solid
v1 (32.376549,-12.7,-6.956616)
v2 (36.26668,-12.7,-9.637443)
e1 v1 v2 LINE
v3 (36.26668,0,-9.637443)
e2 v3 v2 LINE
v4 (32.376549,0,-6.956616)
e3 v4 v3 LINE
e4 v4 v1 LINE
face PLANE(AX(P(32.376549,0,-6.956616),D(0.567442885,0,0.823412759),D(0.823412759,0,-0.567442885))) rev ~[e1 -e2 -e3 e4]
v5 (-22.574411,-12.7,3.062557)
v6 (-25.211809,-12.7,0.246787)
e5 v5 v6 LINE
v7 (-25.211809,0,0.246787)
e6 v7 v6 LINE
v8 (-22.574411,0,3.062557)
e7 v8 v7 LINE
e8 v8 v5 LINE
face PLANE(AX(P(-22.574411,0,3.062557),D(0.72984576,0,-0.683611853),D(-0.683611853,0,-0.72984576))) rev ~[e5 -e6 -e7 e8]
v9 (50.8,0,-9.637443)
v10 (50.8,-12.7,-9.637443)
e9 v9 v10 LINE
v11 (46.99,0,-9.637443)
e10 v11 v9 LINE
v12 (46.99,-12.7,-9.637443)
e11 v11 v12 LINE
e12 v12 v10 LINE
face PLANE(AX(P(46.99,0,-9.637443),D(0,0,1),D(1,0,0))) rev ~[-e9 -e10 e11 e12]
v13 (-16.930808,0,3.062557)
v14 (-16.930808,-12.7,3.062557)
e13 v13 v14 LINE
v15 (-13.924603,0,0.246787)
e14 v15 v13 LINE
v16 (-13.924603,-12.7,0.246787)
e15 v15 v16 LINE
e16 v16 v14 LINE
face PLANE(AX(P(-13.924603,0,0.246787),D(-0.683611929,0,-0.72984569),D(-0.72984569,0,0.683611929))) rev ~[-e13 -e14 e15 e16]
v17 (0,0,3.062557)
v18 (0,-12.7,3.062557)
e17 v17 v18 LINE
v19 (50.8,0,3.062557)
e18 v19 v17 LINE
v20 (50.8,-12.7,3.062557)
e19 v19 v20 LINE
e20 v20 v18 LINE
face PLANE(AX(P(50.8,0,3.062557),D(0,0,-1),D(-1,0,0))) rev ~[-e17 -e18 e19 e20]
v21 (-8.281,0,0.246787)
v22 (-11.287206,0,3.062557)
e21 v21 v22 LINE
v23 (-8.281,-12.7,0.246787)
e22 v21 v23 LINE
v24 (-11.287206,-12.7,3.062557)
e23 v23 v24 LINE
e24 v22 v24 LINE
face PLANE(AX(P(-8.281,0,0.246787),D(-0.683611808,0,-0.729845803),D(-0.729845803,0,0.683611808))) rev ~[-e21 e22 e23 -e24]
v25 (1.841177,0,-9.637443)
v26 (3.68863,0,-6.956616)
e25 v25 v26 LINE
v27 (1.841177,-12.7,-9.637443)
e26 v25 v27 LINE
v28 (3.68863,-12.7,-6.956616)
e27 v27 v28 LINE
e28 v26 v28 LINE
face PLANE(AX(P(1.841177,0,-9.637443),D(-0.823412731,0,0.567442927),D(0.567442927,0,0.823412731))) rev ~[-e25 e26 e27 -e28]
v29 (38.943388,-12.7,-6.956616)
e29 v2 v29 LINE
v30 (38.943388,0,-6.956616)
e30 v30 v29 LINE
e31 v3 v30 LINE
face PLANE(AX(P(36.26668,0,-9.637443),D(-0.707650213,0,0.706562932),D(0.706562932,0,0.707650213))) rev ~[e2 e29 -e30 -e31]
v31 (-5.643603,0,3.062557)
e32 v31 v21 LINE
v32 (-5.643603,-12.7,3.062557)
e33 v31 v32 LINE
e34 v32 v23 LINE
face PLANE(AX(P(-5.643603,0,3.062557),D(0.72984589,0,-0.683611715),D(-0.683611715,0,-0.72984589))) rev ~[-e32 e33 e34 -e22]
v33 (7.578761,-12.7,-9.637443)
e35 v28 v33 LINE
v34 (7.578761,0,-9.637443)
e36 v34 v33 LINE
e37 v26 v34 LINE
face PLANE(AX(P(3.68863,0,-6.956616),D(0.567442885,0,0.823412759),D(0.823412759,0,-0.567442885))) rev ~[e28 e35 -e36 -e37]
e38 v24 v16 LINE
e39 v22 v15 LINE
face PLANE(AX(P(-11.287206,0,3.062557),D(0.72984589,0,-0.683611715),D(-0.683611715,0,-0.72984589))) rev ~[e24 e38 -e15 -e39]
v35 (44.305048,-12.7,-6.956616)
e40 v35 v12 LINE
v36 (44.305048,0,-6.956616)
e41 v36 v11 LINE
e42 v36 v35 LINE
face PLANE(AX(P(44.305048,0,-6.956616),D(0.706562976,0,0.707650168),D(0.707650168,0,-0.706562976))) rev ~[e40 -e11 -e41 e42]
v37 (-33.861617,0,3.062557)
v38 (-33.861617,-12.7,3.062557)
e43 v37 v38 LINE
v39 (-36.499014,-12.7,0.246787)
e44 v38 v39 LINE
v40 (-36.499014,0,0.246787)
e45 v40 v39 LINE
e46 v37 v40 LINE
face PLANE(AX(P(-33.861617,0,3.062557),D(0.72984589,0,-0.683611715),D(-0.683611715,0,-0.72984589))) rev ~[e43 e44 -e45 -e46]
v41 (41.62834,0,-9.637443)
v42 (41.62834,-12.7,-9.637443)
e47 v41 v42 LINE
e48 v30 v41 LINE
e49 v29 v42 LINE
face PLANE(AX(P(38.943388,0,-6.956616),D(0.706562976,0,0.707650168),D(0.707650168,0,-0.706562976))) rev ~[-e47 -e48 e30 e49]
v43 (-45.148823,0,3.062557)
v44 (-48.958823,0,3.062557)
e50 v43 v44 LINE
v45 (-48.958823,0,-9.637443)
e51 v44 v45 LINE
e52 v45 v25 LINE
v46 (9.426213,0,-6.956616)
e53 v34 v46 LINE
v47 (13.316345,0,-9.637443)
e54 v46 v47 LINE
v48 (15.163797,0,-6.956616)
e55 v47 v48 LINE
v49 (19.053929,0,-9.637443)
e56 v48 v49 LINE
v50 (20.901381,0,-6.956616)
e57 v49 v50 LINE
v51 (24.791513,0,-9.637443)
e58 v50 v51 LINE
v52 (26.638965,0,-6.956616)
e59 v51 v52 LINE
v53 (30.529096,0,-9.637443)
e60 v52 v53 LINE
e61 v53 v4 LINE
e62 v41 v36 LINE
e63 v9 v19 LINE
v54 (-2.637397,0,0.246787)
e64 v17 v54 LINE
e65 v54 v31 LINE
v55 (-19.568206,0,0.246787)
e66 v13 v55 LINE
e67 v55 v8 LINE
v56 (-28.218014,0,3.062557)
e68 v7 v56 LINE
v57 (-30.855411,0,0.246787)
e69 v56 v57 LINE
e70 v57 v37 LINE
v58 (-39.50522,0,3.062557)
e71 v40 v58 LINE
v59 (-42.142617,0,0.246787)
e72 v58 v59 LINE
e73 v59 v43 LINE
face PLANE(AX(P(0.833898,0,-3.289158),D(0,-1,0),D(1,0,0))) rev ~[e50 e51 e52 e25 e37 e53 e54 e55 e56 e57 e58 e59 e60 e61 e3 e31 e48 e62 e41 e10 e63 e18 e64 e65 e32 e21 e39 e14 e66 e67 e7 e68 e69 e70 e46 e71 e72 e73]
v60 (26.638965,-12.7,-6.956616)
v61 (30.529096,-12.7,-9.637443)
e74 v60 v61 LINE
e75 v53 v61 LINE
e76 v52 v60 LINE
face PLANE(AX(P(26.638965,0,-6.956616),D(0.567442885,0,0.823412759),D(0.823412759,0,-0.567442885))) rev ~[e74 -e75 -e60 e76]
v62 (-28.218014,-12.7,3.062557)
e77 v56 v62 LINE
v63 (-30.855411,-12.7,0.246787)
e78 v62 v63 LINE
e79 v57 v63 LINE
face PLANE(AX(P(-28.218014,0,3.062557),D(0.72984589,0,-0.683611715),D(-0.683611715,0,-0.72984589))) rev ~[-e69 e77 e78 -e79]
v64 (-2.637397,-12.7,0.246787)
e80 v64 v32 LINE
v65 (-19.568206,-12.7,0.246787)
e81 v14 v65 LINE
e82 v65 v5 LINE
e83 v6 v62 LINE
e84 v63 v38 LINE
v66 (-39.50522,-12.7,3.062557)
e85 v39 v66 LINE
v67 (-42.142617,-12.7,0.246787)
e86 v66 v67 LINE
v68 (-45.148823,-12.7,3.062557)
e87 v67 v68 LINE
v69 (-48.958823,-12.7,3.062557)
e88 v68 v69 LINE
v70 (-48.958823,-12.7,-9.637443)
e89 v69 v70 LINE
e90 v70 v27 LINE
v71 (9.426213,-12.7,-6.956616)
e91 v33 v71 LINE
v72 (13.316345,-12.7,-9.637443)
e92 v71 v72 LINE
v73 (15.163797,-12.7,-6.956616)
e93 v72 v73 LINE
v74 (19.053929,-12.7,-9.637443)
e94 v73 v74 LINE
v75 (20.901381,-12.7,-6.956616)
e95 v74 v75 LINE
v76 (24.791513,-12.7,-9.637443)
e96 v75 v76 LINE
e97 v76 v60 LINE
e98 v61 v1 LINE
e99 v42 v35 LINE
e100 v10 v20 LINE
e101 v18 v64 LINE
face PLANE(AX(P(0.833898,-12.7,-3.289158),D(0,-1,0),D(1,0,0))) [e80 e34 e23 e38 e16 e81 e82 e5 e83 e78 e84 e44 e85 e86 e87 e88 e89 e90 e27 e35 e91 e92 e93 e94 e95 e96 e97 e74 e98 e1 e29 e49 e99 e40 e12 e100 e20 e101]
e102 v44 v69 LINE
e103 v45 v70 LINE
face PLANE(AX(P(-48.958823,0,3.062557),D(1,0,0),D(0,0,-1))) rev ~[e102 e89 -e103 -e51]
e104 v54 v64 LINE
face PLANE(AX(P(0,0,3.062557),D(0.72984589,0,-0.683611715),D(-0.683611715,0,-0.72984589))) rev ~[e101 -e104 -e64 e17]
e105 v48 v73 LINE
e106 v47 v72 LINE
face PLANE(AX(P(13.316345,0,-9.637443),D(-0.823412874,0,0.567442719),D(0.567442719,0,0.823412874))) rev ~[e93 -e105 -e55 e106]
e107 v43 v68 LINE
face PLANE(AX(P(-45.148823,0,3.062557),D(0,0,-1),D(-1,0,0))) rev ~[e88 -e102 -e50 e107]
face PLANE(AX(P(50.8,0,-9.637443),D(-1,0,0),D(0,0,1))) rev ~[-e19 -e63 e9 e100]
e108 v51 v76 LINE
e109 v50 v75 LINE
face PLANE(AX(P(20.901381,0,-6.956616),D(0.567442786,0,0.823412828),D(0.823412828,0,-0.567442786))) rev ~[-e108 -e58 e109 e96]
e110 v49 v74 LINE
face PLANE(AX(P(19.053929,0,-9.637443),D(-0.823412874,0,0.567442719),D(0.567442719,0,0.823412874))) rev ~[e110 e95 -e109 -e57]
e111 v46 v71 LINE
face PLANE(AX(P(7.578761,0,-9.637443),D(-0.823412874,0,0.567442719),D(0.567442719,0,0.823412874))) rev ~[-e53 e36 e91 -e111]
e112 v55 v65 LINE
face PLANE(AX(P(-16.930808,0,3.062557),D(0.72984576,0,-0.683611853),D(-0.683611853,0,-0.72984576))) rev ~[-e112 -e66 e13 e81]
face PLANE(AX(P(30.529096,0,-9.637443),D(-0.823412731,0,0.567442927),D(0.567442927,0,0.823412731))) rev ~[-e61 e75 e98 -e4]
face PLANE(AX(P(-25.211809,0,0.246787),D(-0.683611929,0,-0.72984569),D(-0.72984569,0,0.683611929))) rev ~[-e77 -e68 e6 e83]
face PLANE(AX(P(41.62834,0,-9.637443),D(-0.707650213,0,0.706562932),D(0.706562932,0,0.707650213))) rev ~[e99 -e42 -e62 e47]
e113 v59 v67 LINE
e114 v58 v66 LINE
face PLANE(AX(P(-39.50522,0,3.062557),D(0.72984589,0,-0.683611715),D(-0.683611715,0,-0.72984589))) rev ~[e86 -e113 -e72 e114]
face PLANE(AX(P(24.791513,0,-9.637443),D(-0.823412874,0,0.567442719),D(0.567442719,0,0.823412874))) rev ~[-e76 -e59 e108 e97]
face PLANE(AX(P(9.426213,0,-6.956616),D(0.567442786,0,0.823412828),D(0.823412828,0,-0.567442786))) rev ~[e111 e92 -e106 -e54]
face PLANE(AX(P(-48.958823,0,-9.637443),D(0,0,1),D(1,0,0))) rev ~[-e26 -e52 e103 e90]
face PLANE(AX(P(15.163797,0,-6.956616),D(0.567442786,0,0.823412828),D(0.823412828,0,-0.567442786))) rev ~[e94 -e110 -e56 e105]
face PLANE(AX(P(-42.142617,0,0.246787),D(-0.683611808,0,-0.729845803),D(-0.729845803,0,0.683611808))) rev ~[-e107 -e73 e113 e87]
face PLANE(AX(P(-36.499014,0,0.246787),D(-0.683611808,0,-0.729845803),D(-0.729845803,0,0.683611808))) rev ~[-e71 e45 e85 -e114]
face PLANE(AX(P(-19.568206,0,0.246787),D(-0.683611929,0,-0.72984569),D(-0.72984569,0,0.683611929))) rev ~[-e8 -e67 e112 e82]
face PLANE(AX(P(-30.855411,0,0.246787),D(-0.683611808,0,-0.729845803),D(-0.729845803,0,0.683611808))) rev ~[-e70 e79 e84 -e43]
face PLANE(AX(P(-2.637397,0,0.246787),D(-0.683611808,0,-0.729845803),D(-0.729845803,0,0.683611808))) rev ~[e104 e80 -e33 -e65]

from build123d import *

# Parameters (mm, degrees)
F1_DEPTH = 12.7


with BuildPart() as f1:
    # F0 (on Front) → F1 (new body)
    with BuildSketch(Plane.XZ):
        Polygon((50.8, 3.062557), (0, 3.062557), (-2.637397, 0.246787), (-5.643603, 3.062557), (-8.281, 0.246787), (-11.287206, 3.062557), (-13.924603, 0.246787), (-16.930808, 3.062557), (-19.568206, 0.246787), (-22.574411, 3.062557), (-25.211809, 0.246787), (-28.218014, 3.062557), (-30.855411, 0.246787), (-33.861617, 3.062557), (-36.499014, 0.246787), (-39.50522, 3.062557), (-42.142617, 0.246787), (-45.148823, 3.062557), (-48.958823, 3.062557), (-48.958823, -9.637443), (0, -9.637443), (1.841177, -9.637443), (3.68863, -6.956616), (7.578761, -9.637443), (9.426213, -6.956616), (13.316345, -9.637443), (15.163797, -6.956616), (19.053929, -9.637443), (20.901381, -6.956616), (24.791513, -9.637443), (26.638965, -6.956616), (30.529096, -9.637443), (32.376549, -6.956616), (36.26668, -9.637443), (38.943388, -6.956616), (41.62834, -9.637443), (44.305048, -6.956616), (46.99, -9.637443), (50.8, -9.637443), align=None)
    extrude(amount=F1_DEPTH)


solid = f1.part
